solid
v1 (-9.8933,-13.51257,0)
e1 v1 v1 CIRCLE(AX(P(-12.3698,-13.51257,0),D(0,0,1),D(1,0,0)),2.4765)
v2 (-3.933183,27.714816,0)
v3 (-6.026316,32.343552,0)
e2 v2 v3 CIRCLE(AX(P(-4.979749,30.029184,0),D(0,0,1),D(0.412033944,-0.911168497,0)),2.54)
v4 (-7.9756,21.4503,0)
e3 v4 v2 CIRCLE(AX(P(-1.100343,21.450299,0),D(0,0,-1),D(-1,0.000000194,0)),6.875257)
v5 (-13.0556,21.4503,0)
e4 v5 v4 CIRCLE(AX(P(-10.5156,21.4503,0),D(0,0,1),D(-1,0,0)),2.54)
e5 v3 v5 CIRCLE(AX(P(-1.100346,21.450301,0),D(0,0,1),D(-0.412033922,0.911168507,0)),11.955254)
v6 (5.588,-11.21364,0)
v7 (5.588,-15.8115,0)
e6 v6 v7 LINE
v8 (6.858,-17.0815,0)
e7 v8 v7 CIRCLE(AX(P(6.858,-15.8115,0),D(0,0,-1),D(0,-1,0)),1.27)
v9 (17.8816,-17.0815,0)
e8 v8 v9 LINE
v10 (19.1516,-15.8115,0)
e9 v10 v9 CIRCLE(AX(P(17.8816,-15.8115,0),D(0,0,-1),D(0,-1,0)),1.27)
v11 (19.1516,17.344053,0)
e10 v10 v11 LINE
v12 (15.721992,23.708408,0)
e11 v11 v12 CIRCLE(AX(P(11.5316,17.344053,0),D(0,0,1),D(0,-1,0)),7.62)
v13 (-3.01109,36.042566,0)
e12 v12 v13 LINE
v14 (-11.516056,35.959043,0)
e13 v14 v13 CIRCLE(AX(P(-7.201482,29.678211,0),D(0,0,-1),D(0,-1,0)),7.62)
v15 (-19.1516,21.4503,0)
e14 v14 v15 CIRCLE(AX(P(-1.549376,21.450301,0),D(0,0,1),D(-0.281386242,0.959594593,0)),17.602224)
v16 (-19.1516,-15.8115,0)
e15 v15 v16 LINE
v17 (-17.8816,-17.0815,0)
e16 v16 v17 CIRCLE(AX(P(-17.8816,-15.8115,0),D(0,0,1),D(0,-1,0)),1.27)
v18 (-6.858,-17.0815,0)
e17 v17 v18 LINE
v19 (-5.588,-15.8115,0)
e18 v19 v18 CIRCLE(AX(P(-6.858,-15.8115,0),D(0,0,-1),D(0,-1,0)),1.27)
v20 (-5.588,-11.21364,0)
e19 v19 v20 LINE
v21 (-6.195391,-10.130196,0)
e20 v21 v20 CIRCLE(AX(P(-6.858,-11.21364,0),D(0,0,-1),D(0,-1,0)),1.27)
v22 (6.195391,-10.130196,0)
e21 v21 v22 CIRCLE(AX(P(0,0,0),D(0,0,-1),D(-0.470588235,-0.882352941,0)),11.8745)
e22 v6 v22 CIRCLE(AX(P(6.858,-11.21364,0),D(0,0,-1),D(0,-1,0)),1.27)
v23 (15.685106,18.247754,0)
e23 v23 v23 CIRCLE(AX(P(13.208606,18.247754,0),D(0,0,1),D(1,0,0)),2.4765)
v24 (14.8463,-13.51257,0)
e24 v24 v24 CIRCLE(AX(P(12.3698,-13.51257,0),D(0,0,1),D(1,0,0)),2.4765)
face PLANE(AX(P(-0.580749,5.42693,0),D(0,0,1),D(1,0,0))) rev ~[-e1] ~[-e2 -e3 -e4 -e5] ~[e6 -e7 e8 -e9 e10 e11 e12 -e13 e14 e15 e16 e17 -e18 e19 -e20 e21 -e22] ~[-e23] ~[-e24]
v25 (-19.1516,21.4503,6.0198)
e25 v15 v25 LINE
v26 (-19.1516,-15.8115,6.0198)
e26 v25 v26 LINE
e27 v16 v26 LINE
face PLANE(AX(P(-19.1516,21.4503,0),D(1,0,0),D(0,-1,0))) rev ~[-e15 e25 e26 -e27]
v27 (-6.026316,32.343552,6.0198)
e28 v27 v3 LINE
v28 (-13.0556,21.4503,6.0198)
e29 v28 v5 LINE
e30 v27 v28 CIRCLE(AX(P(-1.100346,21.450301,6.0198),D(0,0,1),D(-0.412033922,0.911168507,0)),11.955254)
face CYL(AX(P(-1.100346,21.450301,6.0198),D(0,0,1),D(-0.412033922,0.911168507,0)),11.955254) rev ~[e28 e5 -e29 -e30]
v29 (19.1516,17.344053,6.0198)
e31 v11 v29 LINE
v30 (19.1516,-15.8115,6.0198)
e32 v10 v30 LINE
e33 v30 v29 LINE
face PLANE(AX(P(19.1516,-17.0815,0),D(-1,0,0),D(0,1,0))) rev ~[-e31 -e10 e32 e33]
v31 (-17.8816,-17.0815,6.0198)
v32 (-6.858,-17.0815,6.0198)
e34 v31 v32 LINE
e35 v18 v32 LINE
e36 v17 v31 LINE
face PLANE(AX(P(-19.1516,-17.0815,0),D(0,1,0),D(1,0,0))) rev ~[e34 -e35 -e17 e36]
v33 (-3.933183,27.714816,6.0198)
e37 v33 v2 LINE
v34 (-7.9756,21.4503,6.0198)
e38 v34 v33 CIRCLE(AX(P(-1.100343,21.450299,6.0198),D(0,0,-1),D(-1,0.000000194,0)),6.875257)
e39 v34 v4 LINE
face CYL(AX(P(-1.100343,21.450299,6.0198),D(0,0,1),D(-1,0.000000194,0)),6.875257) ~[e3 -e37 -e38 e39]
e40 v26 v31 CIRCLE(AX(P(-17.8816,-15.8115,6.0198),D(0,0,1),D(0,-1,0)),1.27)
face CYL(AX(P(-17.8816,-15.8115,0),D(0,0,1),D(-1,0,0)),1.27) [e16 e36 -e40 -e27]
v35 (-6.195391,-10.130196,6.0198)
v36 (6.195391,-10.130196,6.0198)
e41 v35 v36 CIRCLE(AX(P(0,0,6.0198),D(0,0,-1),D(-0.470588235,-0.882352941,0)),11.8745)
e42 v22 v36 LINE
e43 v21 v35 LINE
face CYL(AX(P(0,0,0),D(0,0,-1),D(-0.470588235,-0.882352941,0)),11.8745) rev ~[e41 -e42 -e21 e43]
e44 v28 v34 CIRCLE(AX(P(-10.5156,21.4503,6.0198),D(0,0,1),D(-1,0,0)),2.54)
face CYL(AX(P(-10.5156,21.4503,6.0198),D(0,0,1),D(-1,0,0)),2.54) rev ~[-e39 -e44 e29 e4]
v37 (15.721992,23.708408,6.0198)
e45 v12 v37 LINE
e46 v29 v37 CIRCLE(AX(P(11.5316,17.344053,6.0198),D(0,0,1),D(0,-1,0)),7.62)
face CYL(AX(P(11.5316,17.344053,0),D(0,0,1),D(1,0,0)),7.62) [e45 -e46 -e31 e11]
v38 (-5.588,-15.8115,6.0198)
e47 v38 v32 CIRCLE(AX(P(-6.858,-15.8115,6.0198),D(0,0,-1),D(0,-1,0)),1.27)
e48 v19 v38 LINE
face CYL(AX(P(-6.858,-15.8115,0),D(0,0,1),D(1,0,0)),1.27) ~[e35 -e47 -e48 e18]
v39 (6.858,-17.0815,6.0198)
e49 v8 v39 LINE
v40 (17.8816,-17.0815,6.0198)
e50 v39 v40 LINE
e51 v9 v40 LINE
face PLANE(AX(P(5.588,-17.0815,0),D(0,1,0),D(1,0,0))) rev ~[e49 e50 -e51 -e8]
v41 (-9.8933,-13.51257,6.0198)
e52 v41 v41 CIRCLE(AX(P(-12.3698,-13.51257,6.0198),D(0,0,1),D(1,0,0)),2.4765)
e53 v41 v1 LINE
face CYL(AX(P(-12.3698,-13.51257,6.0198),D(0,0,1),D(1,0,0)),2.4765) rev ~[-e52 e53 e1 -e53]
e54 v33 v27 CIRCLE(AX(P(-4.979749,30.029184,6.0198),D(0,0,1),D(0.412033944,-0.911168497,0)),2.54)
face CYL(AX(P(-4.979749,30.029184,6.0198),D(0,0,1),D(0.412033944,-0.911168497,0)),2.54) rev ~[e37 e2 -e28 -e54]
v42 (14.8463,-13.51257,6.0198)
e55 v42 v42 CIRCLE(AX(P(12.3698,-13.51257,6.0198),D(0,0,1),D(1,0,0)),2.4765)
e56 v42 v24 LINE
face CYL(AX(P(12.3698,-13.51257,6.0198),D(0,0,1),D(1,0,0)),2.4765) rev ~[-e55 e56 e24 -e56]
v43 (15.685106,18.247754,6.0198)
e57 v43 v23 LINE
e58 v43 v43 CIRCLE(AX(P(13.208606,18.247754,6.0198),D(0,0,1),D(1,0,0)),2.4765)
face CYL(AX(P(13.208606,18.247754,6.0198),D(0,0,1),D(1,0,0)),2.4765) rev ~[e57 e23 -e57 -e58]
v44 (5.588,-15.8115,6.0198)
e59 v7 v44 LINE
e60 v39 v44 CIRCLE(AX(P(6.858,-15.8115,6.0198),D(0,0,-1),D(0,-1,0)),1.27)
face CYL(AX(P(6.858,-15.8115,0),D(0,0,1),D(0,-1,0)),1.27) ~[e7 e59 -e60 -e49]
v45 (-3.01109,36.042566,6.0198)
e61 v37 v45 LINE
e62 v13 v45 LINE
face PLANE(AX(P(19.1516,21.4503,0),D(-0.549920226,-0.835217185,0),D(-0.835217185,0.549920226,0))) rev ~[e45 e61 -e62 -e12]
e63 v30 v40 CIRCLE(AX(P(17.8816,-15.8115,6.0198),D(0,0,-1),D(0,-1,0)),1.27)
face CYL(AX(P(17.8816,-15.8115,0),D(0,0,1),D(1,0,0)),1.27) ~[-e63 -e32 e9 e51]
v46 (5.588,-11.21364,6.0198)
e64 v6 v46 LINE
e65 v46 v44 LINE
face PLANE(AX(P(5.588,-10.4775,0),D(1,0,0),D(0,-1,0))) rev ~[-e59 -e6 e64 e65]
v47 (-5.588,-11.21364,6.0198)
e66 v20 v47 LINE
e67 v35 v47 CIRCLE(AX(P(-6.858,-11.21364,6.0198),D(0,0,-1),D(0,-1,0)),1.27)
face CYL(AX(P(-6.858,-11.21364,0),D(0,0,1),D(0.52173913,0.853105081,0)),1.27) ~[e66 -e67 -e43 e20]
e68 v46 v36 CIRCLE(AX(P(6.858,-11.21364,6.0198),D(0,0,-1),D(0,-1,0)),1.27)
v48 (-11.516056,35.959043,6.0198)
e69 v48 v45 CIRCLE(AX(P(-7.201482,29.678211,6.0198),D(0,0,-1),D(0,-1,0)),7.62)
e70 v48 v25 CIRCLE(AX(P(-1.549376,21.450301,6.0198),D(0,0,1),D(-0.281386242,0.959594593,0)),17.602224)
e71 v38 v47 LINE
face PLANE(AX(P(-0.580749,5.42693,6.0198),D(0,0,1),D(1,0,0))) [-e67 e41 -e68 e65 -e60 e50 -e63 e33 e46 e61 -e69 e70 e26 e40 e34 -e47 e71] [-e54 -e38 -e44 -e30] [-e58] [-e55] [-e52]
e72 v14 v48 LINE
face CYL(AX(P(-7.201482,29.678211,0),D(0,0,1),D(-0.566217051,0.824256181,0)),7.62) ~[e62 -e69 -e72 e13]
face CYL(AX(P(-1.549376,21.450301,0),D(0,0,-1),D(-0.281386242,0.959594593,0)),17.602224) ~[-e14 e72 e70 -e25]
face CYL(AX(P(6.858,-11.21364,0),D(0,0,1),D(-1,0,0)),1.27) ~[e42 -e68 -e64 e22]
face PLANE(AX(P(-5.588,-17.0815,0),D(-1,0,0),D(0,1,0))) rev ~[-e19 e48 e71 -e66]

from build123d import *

# Parameters (mm, degrees)
F1_DEPTH = 6.0198
F3_DEPTH = 6.0198
F4_R     = 7.62
F5_R     = 1.27
F6_R     = 2.4765
F7_DEPTH = 6.0198


with BuildPart() as f1:
    # F0 (on Top) → F1 (new body)
    with BuildSketch(Plane.XY):
        with BuildLine():
            ThreePointArc((-5.588, -10.4775), (0, 11.8745), (5.588, -10.4775))
            Line((5.588, -10.4775), (5.588, -17.0815))
            Line((5.588, -17.0815), (19.1516, -17.0815))
            Line((19.1516, -17.0815), (19.1516, 21.4503))
            Line((19.1516, 21.4503), (-6.5024, 38.3413))
            ThreePointArc((-6.5024, 38.3413), (-15.638779, 32.001463), (-19.1516, 21.4503))
            Line((-19.1516, 21.4503), (-19.1516, -17.0815))
            Line((-19.1516, -17.0815), (-5.588, -17.0815))
            Line((-5.588, -17.0815), (-5.588, -10.4775))
        make_face()
    extrude(amount=F1_DEPTH)

    # F2 (on face) → F3 (cut, through all)
    with BuildSketch(Plane.XY.offset(6.0198)):
        with BuildLine():
            ThreePointArc((-6.026316, 32.343552), (-11.145726, 27.932464), (-13.0556, 21.4503))
            ThreePointArc((-13.0556, 21.4503), (-10.5156, 18.9103), (-7.9756, 21.4503))
            ThreePointArc((-7.9756, 21.4503), (-6.877265, 25.178077), (-3.933183, 27.714816))
            ThreePointArc((-3.933183, 27.714816), (-2.665381, 31.07575), (-6.026316, 32.343552))
        make_face()
    extrude(amount=-F3_DEPTH, mode=Mode.SUBTRACT)

    # F4
    f4_edges = [f1.edges().sort_by_distance(p)[0] for p in [
        (-6.5024, 38.3413, 3.0099),
        (19.1516, 21.4503, 3.0099),
    ]]
    fillet(f4_edges, radius=F4_R)

    # F5
    f5_edges = [f1.edges().sort_by_distance(p)[0] for p in [
        (-19.1516, -17.0815, 3.0099),
        (-5.588, -17.0815, 3.0099),
        (5.588, -17.0815, 3.0099),
        (19.1516, -17.0815, 3.0099),
        (5.588, -10.4775, 3.0099),
        (-5.588, -10.4775, 3.0099),
    ]]
    fillet(f5_edges, radius=F5_R)

    # F6 (on face) → F7 (cut, through all)
    with BuildSketch(Plane.XY.offset(6.0198)):
        with Locations((13.208606, 18.247754)):
            Circle(F6_R)
        with Locations((-12.3698, -13.51257)):
            Circle(F6_R)
        with Locations((12.3698, -13.51257)):
            Circle(F6_R)
    extrude(amount=-F7_DEPTH, mode=Mode.SUBTRACT)


solid = f1.part
